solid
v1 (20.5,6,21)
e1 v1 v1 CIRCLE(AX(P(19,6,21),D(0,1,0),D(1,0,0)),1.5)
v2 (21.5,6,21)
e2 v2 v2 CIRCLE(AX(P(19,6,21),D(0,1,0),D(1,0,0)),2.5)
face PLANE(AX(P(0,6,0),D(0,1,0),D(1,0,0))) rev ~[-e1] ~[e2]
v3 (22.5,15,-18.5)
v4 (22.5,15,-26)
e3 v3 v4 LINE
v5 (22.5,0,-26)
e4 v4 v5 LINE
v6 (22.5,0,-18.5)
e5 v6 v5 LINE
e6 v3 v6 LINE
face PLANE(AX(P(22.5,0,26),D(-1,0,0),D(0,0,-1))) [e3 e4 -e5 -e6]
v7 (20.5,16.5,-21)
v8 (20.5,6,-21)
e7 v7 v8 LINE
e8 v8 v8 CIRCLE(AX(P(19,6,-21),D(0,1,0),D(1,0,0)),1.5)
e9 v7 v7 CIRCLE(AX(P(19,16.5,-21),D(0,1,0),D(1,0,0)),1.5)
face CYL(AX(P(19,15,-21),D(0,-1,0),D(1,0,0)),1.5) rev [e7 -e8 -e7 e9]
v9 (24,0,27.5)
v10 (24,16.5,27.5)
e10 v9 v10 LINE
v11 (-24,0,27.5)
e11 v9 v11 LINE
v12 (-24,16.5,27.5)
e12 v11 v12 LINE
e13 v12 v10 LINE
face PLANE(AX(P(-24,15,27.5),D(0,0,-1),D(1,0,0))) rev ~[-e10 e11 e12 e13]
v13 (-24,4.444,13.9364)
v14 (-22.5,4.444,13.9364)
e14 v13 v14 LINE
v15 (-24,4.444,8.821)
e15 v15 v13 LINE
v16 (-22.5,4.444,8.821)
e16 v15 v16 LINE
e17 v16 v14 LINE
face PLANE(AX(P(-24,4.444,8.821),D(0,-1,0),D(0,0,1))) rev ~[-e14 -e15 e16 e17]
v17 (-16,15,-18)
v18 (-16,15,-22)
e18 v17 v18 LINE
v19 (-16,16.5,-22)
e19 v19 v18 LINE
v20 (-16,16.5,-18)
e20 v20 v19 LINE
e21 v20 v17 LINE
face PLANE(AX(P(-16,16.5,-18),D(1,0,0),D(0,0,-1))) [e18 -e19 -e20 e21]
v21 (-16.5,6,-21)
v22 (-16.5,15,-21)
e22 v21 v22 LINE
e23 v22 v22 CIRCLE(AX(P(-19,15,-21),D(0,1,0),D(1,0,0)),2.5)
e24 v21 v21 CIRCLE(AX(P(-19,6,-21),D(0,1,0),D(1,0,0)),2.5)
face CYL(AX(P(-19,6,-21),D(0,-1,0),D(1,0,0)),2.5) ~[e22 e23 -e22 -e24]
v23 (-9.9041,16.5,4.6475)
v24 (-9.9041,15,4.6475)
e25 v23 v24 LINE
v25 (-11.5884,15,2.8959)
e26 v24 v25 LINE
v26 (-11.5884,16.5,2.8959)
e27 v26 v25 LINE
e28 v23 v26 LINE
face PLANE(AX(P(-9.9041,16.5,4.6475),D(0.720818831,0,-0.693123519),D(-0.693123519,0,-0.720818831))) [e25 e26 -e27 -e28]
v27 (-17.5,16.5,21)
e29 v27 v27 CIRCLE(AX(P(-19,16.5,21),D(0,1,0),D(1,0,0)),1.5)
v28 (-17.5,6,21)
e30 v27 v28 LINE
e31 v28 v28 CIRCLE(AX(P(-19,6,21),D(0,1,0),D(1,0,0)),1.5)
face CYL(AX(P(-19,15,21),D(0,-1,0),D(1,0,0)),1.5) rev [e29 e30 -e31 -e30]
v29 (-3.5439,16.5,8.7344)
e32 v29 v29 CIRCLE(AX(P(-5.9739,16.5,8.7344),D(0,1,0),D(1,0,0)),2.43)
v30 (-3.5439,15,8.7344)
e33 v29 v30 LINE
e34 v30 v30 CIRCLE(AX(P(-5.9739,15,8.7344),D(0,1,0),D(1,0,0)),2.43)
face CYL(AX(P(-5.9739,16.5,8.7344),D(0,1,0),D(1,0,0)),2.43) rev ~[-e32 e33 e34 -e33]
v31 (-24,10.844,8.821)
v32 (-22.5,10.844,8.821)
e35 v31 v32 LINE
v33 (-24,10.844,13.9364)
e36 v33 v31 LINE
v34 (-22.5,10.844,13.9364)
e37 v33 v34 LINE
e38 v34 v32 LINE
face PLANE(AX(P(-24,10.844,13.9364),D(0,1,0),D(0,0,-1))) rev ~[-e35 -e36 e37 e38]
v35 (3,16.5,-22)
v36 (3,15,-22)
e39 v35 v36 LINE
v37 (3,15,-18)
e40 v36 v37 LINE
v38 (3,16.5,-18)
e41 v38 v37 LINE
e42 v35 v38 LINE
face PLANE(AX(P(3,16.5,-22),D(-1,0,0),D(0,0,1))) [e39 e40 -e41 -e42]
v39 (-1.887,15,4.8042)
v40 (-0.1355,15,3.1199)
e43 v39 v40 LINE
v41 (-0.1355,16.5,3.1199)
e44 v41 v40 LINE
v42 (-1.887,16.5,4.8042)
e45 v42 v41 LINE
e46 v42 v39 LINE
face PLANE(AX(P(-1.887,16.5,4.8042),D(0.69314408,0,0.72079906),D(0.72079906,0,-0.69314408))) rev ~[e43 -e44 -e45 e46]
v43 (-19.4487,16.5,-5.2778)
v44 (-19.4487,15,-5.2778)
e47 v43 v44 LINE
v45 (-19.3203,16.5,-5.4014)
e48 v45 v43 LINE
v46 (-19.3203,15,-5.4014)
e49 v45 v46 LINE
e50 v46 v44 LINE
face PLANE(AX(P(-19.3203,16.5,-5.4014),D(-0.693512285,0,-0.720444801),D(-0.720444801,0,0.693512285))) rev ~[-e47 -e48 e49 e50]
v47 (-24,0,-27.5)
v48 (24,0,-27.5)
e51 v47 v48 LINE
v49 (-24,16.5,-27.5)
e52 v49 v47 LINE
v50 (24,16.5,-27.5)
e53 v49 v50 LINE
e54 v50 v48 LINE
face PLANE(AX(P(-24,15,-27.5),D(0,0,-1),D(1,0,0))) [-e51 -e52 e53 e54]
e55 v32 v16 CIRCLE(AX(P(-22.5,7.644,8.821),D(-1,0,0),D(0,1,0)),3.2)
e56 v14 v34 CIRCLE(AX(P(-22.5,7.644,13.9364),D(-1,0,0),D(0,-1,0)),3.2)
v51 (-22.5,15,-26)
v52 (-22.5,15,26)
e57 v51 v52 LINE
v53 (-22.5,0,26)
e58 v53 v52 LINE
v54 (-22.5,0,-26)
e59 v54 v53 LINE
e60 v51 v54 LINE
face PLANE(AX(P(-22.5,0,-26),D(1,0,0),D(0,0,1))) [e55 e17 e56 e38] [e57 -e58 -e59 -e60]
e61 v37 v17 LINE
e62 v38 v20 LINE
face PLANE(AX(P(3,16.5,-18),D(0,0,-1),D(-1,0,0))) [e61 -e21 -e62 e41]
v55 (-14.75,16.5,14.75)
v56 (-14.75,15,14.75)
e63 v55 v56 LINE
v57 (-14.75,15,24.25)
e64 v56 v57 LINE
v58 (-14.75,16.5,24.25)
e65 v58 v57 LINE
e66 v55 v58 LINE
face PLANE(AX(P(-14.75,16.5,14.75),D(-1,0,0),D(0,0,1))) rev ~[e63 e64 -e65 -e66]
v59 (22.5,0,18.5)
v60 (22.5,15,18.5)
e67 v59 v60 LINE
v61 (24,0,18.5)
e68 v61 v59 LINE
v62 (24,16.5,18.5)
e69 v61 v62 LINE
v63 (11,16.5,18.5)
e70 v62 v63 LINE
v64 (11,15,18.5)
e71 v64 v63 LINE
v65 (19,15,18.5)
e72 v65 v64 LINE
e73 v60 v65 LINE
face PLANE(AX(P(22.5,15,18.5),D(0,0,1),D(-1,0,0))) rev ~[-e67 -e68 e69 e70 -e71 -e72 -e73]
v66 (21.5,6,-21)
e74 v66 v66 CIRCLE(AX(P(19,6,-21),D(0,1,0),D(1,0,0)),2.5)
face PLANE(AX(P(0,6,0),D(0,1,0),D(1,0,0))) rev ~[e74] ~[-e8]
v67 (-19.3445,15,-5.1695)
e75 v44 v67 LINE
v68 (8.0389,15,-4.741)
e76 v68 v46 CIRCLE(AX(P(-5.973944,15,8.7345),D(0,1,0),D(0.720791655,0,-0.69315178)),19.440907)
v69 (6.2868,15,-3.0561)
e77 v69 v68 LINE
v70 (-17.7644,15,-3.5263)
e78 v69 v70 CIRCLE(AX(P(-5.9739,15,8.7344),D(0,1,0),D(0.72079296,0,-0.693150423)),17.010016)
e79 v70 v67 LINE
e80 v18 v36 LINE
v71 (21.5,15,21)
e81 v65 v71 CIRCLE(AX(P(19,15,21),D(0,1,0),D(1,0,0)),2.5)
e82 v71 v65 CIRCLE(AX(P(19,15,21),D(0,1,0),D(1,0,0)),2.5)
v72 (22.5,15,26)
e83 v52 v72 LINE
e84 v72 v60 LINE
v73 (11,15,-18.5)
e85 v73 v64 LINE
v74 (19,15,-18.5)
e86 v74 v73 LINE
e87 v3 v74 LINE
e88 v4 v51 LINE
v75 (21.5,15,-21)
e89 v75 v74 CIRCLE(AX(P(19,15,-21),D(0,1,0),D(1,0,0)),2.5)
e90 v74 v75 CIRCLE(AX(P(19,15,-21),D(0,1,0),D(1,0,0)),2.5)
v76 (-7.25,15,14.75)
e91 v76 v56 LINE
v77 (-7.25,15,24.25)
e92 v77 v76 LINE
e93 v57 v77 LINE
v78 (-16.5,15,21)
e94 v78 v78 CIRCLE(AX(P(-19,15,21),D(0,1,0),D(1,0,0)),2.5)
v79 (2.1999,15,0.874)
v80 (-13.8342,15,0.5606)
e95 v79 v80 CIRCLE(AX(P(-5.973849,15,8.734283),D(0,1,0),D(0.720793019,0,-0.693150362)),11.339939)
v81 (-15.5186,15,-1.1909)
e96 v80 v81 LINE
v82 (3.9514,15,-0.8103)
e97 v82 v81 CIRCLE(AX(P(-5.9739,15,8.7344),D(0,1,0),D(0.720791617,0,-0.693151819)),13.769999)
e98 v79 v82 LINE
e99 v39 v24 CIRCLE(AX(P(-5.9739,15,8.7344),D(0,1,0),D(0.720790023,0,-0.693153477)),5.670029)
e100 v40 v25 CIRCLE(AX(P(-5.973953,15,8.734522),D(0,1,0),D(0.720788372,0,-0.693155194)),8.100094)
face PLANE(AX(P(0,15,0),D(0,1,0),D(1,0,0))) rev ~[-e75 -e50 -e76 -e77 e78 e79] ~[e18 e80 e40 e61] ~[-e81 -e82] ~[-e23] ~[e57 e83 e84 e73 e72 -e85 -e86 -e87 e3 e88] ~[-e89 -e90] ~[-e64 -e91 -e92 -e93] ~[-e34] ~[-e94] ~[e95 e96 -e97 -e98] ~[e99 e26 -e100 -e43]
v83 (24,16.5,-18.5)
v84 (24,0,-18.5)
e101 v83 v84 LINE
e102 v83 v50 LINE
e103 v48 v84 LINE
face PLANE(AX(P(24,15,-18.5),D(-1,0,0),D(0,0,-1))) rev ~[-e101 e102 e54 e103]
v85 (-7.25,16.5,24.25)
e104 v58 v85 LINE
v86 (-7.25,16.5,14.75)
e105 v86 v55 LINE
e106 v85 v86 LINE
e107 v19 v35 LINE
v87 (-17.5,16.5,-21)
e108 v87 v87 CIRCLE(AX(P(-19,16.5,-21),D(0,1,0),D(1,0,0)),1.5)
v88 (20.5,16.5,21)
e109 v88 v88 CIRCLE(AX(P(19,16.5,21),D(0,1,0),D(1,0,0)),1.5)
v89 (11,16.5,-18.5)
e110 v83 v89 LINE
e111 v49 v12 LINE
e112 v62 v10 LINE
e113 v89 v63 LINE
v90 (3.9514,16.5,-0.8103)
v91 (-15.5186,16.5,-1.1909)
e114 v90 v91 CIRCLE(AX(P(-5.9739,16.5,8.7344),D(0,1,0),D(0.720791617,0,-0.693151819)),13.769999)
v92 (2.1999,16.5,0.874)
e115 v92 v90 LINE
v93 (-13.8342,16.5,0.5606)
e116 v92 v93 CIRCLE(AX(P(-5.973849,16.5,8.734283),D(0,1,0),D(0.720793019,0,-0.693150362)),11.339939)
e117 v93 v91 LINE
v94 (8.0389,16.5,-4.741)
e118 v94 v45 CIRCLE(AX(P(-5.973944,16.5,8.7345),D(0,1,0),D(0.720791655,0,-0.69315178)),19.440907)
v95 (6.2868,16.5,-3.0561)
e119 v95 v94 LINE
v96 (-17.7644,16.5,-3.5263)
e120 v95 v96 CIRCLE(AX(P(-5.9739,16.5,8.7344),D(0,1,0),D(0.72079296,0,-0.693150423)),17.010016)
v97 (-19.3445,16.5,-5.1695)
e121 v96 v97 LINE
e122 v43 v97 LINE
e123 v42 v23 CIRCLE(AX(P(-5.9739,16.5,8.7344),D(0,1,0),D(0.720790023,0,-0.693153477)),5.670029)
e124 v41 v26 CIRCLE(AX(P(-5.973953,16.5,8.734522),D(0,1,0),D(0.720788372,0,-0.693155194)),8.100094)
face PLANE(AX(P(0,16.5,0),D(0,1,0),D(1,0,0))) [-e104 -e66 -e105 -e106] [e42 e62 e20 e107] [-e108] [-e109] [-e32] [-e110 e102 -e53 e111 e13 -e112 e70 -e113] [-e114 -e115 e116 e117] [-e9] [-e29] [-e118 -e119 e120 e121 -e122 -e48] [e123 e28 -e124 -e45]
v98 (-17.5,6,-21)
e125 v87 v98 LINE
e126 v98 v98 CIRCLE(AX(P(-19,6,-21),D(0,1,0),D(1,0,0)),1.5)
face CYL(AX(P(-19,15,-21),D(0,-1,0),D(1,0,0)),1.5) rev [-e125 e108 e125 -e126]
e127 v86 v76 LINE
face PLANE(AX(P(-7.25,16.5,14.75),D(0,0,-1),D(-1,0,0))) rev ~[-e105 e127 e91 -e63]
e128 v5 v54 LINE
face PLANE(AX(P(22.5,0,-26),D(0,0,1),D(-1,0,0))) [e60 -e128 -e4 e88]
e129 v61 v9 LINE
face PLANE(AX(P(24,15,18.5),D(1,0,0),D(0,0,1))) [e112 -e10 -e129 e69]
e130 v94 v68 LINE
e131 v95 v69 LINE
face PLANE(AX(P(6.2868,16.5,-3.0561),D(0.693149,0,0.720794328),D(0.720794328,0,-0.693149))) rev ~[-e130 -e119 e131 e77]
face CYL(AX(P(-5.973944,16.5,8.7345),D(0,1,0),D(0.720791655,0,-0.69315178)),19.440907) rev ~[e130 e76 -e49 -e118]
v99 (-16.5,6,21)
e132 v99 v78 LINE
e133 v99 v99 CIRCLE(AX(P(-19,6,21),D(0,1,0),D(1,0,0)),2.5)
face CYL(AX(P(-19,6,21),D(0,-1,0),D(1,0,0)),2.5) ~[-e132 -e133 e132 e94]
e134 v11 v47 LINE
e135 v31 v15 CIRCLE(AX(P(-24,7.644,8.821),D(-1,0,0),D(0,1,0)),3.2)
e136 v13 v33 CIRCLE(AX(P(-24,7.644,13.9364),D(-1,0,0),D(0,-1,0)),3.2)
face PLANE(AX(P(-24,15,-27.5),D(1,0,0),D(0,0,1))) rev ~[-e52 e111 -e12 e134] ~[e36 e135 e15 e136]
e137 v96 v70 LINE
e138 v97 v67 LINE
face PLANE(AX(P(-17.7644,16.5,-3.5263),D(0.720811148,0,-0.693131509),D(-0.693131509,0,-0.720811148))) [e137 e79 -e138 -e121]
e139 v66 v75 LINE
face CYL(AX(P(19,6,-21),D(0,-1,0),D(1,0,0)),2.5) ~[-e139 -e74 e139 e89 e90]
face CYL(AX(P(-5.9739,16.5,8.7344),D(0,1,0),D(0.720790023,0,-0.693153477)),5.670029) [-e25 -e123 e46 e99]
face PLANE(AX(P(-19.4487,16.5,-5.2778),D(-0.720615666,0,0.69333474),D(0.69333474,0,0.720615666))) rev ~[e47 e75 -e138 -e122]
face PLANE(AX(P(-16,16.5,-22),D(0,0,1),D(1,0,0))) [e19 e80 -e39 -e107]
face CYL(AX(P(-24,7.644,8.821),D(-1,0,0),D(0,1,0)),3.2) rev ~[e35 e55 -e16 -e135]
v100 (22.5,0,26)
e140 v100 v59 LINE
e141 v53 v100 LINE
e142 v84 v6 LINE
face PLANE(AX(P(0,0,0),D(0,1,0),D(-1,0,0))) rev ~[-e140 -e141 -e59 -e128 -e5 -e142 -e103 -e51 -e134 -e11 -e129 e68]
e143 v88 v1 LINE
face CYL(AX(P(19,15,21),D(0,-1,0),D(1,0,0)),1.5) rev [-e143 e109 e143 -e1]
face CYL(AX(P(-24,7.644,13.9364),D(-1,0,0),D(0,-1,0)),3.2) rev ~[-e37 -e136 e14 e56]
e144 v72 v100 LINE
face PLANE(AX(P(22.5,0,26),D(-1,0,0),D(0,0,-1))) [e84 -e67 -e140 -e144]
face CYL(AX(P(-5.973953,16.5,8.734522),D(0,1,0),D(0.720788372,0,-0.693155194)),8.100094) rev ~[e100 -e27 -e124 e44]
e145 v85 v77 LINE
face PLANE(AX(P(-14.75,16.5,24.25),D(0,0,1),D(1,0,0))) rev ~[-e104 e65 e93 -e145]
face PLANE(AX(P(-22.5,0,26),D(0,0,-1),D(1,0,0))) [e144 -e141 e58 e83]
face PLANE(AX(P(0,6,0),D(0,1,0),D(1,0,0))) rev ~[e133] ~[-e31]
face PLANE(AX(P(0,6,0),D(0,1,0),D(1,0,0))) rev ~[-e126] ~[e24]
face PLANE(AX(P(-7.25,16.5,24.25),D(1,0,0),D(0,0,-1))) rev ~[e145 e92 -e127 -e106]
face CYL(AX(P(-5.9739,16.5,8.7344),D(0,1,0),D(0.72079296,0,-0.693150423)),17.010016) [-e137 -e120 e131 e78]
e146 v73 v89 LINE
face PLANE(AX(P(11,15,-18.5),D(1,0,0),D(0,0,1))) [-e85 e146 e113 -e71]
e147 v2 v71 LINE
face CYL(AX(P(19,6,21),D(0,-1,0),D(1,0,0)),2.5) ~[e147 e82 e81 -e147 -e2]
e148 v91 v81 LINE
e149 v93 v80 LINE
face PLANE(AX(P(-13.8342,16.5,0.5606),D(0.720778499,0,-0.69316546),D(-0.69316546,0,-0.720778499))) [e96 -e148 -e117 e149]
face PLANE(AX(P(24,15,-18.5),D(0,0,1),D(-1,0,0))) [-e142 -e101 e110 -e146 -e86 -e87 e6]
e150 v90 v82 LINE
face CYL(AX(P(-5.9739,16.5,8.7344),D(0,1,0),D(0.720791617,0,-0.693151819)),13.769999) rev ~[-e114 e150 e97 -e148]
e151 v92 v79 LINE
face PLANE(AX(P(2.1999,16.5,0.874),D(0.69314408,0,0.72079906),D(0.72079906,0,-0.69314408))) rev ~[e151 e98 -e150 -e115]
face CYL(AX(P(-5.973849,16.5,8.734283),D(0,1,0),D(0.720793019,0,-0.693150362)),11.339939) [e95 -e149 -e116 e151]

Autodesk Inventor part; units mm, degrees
ref_plane "YZ Plane" through (0, 0, 0) normal (1, 0, 0) x (0, 1, 0)
ref_plane "XZ Plane" through (0, 0, 0) normal (0, 1, 0) x (-1, 0, 0)
ref_plane "XY Plane" through (0, 0, 0) normal (0, 0, 1) x (1, 0, 0)
sketch "Sketch1" plane through (0, 0, 0) normal (0, 1, 0) x (-1, 0, 0)
  point P0 (0, 0)
sketch "Sketch2" plane through (0, 0, 0) normal (0, 1, 0) x (-1, 0, 0)
  line L0 (-24, 27.5) -> (24, 27.5)
  line L1 (24, 27.5) -> (24, -27.5)
  line L2 (24, -27.5) -> (-24, -27.5)
  line L3 (-24, -27.5) -> (-24, 27.5)
  line L4 (22.5, 26) -> (-22.5, 26)
  line L5 (-22.5, 26) -> (-22.5, -26)
  line L6 (-22.5, -26) -> (22.5, -26)
  line L7 (22.5, -26) -> (22.5, 26)
  dimension "d1" = 55
extrude "Extrusion1" add sketch "Sketch2" along normal blind 6
sketch "Sketch3" plane through (0, 6, 0) normal (0, 1, 0) x (1, 0, 0)
  circle A0 centre (19, -21) radius 2.5
  circle A1 centre (-19, -21) radius 2.5
  circle A2 centre (-19, 21) radius 2.5
  circle A3 centre (19, 21) radius 2.5
  circle A4 centre (-19, -21) radius 1.5
  circle A5 centre (-19, 21) radius 1.5
  circle A6 centre (19, 21) radius 1.5
  circle A7 centre (19, -21) radius 1.5
  line L0 (-22.5, -26) -> (22.5, -26)
  line L1 (22.5, -26) -> (22.5, 26)
  line L2 (22.5, 26) -> (-22.5, 26)
  line L3 (-22.5, 26) -> (-22.5, -26)
  line L4 (-24, -27.5) -> (24, -27.5)
  line L5 (24, -27.5) -> (24, 27.5)
  line L6 (24, 27.5) -> (-24, 27.5)
  line L7 (-24, 27.5) -> (-24, -27.5)
  dimension "d16" = 3
  dimension "d17" = 3
  dimension "d18" = 3
extrude "Extrusion2" add sketch "Sketch3" along normal blind 9
sketch "Sketch4" plane through (24, 0, 27.5) normal (1, 0, 0) x (0, 0, -1)
  line L0 (9, 6) -> (9, 15) projected
  line L1 (9, 15) -> (46, 15)
  line L2 (55, 0) -> (0, 0) projected
  line L3 (46, 6) -> (46, 15)
  line L4 (46, 15) -> (9, 15)
  line L5 (9, 15) -> (9, 6)
  line L6 (9, 0) -> (46, 0)
  line L7 (46, 0) -> (46, 15)
  line L8 (46, 15) -> (9, 15)
  line L9 (9, 15) -> (9, 0)
  point P0 (27.5, 0)
extrude "Extrusion3" cut sketch "Sketch4" against normal up to surface (1.5 mm away)
sketch "Sketch5" plane through (0, 15, 0) normal (0, 1, 0) x (1, 0, 0)
  line L0 (-24, -27.5) -> (24, -27.5) projected
  line L1 (-24, 27.5) -> (-24, -27.5) projected
  line L2 (24, -27.5) -> (-24, -27.5)
  line L3 (-24, -27.5) -> (-24, 27.5)
  line L4 (-24, 27.5) -> (24, 27.5)
  line L5 (22.5, -18.5) -> (24, -18.5) projected
  line L6 (24, -18.5) -> (11, -18.5)
  line L7 (24, 18.5) -> (24, 27.5) projected
  line L8 (24, 18.5) -> (11, 18.5)
  line L9 (11, 18.5) -> (11, -18.5)
  line L10 (24, 27.5) -> (24, 18.5)
  line L11 (24, -18.5) -> (24, -27.5)
  circle A0 centre (-19, -21) radius 1.5 projected
  circle A1 centre (-19, -21) radius 1.5
  circle A2 centre (-19, 21) radius 1.5 projected
  circle A3 centre (-19, 21) radius 1.5
  circle A4 centre (19, 21) radius 1.5 projected
  circle A5 centre (19, 21) radius 1.5
  circle A6 centre (19, -21) radius 1.5 projected
  circle A7 centre (19, -21) radius 1.5
  point P0 (0, 0)
extrude "Extrusion4" add sketch "Sketch5" along normal blind 1.5
sketch "Sketch6" plane through (-24, 0, -27.5) normal (-1, 0, 0) x (0, 0, 1)
  line L0 (41.4364, 10.844) -> (36.321, 10.844)
  line L1 (36.321, 4.444) -> (41.4364, 4.444)
  arc A0 (41.4364, 4.444) -> (41.4364, 10.844) centre (41.4364, 7.644) ccw
  arc A1 (36.321, 10.844) -> (36.321, 4.444) centre (36.321, 7.644) ccw
  point P0 (27.5, 0)
extrude "Extrusion5" cut sketch "Sketch6" against normal up to surface (1.5 mm away)
sketch "Sketch7" plane through (0, 16.5, 0) normal (0, 1, 0) x (1, 0, 0)
  circle A0 centre (-19, 21) radius 1.5 projected
  line L0 (3, 18) -> (-16, 18)
  line L1 (-16, 18) -> (-16, 22)
  line L2 (-16, 22) -> (3, 22)
  line L3 (3, 22) -> (3, 18)
  point P0 (0, 0)
  dimension "d37" = 19
  dimension "d38" = 4
extrude "Extrusion6" cut sketch "Sketch7" against normal through all contours L0 L1 L2 L3
sketch "Sketch8" plane through (0, 16.5, 0) normal (0, 1, 0) x (1, 0, 0)
  line L0 (-14.75, -24.25) -> (-7.25, -24.25)
  line L1 (-7.25, -24.25) -> (-7.25, -14.75)
  line L2 (-7.25, -14.75) -> (-14.75, -14.75)
  line L3 (-14.75, -14.75) -> (-14.75, -24.25)
  point P0 (0, 0)
  dimension "d44" = 7.5
  dimension "d45" = 9.5
extrude "Extrusion7" cut sketch "Sketch8" against normal through all
sketch "Sketch9" plane through (0, 16.5, 0) normal (0, 1, 0) x (1, 0, 0)
  circle A0 centre (-5.9739, -8.7344) radius 2.43
  arc A1 (-1.887, -4.8042) -> (-9.9041, -4.6475) centre (-5.9739, -8.7344) ccw
  arc A2 (-0.1355, -3.1199) -> (-11.5884, -2.8959) centre (-5.9739, -8.7344) ccw
  arc A3 (2.1999, -0.874) -> (-13.8342, -0.5606) centre (-5.9739, -8.7344) ccw
  arc A4 (3.9514, 0.8103) -> (-15.5186, 1.1909) centre (-5.9739, -8.7344) ccw
  arc A5 (6.2868, 3.0561) -> (-17.7644, 3.5263) centre (-5.9739, -8.7344) ccw
  arc A6 (8.0389, 4.741) -> (-19.3203, 5.4014) centre (-5.9739, -8.7344) ccw
  line L0 (-19.3203, 5.4014) -> (-19.4487, 5.2778)
  line L1 (-19.4487, 5.2778) -> (-19.3445, 5.1695)
  line L2 (-17.7644, 3.5263) -> (-19.3445, 5.1695)
  line L3 (-13.8342, -0.5606) -> (-15.5186, 1.1909)
  line L4 (-9.9041, -4.6475) -> (-11.5884, -2.8959)
  line L5 (-1.887, -4.8042) -> (-0.1355, -3.1199)
  line L6 (2.1999, -0.874) -> (3.9514, 0.8103)
  line L7 (6.2868, 3.0561) -> (8.0389, 4.741)
  point P0 (0, 0)
  dimension "d48" = 4.86
extrude "Extrusion8" cut sketch "Sketch9" against normal through all
properties part number "Box2_Top"
